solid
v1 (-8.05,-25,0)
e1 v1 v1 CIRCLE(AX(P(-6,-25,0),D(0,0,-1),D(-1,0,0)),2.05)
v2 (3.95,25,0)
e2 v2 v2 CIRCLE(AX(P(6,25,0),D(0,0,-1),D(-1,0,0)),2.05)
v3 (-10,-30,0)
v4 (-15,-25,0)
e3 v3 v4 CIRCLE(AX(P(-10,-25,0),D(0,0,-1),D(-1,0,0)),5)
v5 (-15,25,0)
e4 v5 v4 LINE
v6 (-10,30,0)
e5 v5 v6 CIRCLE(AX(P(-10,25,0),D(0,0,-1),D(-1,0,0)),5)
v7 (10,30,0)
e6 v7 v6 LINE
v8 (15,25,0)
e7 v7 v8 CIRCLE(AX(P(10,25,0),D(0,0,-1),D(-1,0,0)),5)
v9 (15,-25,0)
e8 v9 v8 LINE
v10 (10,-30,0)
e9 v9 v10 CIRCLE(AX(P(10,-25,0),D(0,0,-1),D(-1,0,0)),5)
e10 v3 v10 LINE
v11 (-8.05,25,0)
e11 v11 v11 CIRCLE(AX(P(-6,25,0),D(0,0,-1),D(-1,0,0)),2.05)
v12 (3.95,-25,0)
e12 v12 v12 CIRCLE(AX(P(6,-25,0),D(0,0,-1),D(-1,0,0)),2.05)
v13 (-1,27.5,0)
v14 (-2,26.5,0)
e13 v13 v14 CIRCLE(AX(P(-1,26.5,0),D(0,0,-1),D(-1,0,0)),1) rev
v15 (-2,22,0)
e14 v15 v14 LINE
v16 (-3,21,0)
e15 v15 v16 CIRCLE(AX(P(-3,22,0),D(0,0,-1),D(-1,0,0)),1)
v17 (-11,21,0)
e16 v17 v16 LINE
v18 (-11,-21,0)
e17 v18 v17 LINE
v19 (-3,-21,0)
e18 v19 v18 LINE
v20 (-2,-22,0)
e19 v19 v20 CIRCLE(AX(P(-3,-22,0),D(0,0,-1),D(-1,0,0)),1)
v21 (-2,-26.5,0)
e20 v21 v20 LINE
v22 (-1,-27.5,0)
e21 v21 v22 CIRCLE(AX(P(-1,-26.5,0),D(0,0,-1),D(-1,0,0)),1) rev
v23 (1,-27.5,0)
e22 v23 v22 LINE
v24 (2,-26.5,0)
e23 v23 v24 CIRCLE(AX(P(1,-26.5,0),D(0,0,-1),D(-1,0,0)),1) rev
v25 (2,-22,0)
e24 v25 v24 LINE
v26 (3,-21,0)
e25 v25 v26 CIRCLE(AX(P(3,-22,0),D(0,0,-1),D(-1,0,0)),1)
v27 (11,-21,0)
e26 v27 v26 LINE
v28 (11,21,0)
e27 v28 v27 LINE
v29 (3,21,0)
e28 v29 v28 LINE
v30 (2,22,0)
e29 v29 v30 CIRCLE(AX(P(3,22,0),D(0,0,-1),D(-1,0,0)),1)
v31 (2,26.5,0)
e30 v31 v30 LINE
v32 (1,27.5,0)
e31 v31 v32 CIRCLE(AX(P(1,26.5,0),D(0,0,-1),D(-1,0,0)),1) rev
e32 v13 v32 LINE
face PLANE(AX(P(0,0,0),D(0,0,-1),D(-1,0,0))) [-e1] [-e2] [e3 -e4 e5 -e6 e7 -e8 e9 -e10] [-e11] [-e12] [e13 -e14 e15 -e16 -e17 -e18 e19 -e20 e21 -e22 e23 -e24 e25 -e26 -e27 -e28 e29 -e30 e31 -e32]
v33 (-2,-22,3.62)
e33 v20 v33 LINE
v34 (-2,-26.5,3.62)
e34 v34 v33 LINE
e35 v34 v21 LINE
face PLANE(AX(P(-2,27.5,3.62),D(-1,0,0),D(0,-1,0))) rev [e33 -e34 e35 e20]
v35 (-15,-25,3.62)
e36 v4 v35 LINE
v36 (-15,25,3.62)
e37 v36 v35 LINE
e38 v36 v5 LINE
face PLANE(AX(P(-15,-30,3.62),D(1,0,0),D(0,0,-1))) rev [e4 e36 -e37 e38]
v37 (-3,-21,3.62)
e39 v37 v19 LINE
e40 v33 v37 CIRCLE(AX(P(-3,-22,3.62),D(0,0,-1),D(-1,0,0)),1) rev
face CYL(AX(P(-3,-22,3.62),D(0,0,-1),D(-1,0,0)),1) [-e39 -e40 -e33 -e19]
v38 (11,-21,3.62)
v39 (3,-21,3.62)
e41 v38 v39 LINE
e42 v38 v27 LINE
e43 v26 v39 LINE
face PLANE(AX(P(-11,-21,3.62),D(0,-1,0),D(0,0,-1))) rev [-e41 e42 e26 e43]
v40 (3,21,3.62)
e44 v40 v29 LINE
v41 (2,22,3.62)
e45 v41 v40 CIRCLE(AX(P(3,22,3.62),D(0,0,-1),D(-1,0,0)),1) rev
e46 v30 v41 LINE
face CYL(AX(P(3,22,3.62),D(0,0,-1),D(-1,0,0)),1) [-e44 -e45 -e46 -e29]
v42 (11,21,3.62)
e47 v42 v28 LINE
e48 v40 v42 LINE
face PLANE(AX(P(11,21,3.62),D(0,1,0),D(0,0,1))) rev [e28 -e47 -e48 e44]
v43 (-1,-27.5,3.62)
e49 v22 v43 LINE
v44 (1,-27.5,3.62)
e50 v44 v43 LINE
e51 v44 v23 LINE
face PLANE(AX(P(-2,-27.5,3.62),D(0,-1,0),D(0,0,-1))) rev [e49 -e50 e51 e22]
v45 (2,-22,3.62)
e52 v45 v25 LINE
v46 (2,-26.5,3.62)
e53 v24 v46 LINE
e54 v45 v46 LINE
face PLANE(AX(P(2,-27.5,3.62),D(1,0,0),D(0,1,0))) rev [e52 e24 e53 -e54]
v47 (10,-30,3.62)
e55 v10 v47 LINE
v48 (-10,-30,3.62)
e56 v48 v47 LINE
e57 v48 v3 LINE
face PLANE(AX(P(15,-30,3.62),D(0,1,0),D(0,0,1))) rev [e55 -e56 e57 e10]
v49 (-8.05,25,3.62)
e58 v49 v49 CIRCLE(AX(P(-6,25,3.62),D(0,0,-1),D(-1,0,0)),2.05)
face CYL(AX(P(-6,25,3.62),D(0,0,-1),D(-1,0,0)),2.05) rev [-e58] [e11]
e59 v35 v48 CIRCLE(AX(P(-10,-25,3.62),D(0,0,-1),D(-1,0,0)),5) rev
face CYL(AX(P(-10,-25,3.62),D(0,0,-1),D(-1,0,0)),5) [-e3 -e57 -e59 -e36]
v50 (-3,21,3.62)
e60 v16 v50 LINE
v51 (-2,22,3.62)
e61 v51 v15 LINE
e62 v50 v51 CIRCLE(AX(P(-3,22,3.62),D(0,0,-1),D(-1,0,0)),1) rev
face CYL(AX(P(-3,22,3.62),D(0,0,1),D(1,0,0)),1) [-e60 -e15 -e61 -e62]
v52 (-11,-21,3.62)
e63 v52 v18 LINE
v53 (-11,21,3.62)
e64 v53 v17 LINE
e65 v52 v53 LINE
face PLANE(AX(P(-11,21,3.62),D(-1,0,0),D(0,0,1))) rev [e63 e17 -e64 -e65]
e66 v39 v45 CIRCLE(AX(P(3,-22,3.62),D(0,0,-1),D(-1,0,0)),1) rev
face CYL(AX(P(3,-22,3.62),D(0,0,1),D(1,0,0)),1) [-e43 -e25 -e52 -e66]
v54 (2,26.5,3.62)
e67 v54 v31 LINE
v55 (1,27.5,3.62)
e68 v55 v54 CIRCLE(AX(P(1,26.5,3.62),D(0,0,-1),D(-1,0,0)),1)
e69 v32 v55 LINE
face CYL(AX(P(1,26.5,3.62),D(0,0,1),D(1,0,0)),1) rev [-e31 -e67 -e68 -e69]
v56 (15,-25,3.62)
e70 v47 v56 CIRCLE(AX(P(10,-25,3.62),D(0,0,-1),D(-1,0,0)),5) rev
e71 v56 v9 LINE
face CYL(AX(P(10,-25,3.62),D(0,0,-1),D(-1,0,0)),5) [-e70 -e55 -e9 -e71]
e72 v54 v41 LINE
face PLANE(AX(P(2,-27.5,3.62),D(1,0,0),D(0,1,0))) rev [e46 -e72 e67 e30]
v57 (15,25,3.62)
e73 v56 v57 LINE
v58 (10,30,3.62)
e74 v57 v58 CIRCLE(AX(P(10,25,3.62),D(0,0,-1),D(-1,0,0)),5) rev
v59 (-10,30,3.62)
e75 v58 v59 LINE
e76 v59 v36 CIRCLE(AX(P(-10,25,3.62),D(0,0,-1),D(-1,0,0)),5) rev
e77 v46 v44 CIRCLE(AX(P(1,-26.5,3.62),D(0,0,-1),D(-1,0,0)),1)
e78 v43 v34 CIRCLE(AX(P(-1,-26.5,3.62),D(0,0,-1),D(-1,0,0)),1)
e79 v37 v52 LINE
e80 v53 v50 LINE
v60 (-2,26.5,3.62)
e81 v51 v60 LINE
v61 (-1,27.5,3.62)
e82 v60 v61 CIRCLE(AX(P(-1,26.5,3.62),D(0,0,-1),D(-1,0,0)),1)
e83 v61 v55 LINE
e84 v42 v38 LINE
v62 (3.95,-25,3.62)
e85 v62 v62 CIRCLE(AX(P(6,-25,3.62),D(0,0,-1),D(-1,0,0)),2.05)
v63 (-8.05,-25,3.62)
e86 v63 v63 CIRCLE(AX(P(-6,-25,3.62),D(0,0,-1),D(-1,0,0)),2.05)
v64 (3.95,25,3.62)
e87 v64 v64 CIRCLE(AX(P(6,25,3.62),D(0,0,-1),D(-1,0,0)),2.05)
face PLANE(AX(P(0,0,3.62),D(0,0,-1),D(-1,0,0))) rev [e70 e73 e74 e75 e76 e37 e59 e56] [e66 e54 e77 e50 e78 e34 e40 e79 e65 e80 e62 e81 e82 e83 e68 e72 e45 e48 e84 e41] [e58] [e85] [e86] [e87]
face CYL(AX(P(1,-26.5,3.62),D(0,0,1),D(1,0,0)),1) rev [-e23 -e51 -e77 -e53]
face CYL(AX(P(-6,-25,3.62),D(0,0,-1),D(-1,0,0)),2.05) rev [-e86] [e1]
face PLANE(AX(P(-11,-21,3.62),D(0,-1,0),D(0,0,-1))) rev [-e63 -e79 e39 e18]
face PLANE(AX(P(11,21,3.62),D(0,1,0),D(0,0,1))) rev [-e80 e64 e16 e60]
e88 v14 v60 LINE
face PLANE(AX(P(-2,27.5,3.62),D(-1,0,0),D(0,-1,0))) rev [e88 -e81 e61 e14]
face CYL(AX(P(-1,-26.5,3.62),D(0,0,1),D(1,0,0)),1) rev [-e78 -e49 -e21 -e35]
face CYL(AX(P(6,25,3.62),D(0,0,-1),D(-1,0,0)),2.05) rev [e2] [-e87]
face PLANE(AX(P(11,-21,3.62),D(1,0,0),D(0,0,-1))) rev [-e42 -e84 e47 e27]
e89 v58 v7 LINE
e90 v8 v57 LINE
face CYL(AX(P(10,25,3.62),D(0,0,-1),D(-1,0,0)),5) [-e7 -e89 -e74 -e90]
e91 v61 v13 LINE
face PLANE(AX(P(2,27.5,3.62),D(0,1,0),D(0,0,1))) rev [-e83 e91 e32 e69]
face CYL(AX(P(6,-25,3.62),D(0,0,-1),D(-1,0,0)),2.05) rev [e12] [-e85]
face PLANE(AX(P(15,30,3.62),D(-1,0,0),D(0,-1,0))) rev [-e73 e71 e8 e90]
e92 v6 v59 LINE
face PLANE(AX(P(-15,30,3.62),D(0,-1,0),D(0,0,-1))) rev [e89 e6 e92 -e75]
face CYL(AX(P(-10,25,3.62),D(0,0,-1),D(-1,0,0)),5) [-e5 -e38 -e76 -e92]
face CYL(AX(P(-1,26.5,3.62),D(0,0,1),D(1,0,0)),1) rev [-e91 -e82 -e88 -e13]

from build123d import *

# Parameters (mm, degrees)
CROQUIS1_W              = 30
CROQUIS1_H              = 60
SALIENTE_EXTRUIR1_DEPTH = 3.62
CROQUIS2_W              = 22
CROQUIS2_H              = 42
CORTAR_EXTRUIR1_DEPTH   = 34.73580294
CROQUIS3_R              = 2.05
CORTAR_EXTRUIR2_DEPTH   = 34.73580294
REDONDEO1_R             = 5
REDONDEO3_R             = 1


with BuildPart() as part:
    # Croquis1 → Saliente-Extruir1 (new body)
    with BuildSketch(Plane.XY):
        Rectangle(CROQUIS1_W, CROQUIS1_H)
    extrude(amount=SALIENTE_EXTRUIR1_DEPTH)

    # Croquis2 → Cortar-Extruir1 (cut, through all)
    with BuildSketch(Plane(origin=(0, 0, 0), x_dir=(-1, 0, 0), z_dir=(0, 0, -1))):
        Rectangle(CROQUIS2_W, CROQUIS2_H)
    extrude(amount=-CORTAR_EXTRUIR1_DEPTH, mode=Mode.SUBTRACT)

    # Croquis3 → Cortar-Extruir2 (cut, through all)
    with BuildSketch(Plane(origin=(0, 0, 0), x_dir=(-1, 0, 0), z_dir=(0, 0, -1))):
        with Locations((-6, 25)):
            Circle(CROQUIS3_R)
        with Locations((6, 25)):
            Circle(CROQUIS3_R)
        with Locations((-6, -25)):
            Circle(CROQUIS3_R)
        with Locations((6, -25)):
            Circle(CROQUIS3_R)
        Polygon((-2, 21), (-2, 27.5), (2, 27.5), (2, -27.5), (-2, -27.5), align=None)
    extrude(amount=-CORTAR_EXTRUIR2_DEPTH, mode=Mode.SUBTRACT)

    # Redondeo1
    redondeo1_edges = [part.edges().sort_by_distance(p)[0] for p in [
        (-15, 30, 1.81),
        (15, 30, 1.81),
        (15, -30, 1.81),
        (-15, -30, 1.81),
    ]]
    fillet(redondeo1_edges, radius=REDONDEO1_R)

    # Redondeo3
    redondeo3_edges = [part.edges().sort_by_distance(p)[0] for p in [
        (2, -21, 1.81),
        (-2, -21, 1.81),
        (-2, 21, 1.81),
        (-2, 27.5, 1.81),
        (2, 21, 1.81),
        (2, -27.5, 1.81),
        (-2, -27.5, 1.81),
        (2, 27.5, 1.81),
    ]]
    fillet(redondeo3_edges, radius=REDONDEO3_R)


solid = part.part
